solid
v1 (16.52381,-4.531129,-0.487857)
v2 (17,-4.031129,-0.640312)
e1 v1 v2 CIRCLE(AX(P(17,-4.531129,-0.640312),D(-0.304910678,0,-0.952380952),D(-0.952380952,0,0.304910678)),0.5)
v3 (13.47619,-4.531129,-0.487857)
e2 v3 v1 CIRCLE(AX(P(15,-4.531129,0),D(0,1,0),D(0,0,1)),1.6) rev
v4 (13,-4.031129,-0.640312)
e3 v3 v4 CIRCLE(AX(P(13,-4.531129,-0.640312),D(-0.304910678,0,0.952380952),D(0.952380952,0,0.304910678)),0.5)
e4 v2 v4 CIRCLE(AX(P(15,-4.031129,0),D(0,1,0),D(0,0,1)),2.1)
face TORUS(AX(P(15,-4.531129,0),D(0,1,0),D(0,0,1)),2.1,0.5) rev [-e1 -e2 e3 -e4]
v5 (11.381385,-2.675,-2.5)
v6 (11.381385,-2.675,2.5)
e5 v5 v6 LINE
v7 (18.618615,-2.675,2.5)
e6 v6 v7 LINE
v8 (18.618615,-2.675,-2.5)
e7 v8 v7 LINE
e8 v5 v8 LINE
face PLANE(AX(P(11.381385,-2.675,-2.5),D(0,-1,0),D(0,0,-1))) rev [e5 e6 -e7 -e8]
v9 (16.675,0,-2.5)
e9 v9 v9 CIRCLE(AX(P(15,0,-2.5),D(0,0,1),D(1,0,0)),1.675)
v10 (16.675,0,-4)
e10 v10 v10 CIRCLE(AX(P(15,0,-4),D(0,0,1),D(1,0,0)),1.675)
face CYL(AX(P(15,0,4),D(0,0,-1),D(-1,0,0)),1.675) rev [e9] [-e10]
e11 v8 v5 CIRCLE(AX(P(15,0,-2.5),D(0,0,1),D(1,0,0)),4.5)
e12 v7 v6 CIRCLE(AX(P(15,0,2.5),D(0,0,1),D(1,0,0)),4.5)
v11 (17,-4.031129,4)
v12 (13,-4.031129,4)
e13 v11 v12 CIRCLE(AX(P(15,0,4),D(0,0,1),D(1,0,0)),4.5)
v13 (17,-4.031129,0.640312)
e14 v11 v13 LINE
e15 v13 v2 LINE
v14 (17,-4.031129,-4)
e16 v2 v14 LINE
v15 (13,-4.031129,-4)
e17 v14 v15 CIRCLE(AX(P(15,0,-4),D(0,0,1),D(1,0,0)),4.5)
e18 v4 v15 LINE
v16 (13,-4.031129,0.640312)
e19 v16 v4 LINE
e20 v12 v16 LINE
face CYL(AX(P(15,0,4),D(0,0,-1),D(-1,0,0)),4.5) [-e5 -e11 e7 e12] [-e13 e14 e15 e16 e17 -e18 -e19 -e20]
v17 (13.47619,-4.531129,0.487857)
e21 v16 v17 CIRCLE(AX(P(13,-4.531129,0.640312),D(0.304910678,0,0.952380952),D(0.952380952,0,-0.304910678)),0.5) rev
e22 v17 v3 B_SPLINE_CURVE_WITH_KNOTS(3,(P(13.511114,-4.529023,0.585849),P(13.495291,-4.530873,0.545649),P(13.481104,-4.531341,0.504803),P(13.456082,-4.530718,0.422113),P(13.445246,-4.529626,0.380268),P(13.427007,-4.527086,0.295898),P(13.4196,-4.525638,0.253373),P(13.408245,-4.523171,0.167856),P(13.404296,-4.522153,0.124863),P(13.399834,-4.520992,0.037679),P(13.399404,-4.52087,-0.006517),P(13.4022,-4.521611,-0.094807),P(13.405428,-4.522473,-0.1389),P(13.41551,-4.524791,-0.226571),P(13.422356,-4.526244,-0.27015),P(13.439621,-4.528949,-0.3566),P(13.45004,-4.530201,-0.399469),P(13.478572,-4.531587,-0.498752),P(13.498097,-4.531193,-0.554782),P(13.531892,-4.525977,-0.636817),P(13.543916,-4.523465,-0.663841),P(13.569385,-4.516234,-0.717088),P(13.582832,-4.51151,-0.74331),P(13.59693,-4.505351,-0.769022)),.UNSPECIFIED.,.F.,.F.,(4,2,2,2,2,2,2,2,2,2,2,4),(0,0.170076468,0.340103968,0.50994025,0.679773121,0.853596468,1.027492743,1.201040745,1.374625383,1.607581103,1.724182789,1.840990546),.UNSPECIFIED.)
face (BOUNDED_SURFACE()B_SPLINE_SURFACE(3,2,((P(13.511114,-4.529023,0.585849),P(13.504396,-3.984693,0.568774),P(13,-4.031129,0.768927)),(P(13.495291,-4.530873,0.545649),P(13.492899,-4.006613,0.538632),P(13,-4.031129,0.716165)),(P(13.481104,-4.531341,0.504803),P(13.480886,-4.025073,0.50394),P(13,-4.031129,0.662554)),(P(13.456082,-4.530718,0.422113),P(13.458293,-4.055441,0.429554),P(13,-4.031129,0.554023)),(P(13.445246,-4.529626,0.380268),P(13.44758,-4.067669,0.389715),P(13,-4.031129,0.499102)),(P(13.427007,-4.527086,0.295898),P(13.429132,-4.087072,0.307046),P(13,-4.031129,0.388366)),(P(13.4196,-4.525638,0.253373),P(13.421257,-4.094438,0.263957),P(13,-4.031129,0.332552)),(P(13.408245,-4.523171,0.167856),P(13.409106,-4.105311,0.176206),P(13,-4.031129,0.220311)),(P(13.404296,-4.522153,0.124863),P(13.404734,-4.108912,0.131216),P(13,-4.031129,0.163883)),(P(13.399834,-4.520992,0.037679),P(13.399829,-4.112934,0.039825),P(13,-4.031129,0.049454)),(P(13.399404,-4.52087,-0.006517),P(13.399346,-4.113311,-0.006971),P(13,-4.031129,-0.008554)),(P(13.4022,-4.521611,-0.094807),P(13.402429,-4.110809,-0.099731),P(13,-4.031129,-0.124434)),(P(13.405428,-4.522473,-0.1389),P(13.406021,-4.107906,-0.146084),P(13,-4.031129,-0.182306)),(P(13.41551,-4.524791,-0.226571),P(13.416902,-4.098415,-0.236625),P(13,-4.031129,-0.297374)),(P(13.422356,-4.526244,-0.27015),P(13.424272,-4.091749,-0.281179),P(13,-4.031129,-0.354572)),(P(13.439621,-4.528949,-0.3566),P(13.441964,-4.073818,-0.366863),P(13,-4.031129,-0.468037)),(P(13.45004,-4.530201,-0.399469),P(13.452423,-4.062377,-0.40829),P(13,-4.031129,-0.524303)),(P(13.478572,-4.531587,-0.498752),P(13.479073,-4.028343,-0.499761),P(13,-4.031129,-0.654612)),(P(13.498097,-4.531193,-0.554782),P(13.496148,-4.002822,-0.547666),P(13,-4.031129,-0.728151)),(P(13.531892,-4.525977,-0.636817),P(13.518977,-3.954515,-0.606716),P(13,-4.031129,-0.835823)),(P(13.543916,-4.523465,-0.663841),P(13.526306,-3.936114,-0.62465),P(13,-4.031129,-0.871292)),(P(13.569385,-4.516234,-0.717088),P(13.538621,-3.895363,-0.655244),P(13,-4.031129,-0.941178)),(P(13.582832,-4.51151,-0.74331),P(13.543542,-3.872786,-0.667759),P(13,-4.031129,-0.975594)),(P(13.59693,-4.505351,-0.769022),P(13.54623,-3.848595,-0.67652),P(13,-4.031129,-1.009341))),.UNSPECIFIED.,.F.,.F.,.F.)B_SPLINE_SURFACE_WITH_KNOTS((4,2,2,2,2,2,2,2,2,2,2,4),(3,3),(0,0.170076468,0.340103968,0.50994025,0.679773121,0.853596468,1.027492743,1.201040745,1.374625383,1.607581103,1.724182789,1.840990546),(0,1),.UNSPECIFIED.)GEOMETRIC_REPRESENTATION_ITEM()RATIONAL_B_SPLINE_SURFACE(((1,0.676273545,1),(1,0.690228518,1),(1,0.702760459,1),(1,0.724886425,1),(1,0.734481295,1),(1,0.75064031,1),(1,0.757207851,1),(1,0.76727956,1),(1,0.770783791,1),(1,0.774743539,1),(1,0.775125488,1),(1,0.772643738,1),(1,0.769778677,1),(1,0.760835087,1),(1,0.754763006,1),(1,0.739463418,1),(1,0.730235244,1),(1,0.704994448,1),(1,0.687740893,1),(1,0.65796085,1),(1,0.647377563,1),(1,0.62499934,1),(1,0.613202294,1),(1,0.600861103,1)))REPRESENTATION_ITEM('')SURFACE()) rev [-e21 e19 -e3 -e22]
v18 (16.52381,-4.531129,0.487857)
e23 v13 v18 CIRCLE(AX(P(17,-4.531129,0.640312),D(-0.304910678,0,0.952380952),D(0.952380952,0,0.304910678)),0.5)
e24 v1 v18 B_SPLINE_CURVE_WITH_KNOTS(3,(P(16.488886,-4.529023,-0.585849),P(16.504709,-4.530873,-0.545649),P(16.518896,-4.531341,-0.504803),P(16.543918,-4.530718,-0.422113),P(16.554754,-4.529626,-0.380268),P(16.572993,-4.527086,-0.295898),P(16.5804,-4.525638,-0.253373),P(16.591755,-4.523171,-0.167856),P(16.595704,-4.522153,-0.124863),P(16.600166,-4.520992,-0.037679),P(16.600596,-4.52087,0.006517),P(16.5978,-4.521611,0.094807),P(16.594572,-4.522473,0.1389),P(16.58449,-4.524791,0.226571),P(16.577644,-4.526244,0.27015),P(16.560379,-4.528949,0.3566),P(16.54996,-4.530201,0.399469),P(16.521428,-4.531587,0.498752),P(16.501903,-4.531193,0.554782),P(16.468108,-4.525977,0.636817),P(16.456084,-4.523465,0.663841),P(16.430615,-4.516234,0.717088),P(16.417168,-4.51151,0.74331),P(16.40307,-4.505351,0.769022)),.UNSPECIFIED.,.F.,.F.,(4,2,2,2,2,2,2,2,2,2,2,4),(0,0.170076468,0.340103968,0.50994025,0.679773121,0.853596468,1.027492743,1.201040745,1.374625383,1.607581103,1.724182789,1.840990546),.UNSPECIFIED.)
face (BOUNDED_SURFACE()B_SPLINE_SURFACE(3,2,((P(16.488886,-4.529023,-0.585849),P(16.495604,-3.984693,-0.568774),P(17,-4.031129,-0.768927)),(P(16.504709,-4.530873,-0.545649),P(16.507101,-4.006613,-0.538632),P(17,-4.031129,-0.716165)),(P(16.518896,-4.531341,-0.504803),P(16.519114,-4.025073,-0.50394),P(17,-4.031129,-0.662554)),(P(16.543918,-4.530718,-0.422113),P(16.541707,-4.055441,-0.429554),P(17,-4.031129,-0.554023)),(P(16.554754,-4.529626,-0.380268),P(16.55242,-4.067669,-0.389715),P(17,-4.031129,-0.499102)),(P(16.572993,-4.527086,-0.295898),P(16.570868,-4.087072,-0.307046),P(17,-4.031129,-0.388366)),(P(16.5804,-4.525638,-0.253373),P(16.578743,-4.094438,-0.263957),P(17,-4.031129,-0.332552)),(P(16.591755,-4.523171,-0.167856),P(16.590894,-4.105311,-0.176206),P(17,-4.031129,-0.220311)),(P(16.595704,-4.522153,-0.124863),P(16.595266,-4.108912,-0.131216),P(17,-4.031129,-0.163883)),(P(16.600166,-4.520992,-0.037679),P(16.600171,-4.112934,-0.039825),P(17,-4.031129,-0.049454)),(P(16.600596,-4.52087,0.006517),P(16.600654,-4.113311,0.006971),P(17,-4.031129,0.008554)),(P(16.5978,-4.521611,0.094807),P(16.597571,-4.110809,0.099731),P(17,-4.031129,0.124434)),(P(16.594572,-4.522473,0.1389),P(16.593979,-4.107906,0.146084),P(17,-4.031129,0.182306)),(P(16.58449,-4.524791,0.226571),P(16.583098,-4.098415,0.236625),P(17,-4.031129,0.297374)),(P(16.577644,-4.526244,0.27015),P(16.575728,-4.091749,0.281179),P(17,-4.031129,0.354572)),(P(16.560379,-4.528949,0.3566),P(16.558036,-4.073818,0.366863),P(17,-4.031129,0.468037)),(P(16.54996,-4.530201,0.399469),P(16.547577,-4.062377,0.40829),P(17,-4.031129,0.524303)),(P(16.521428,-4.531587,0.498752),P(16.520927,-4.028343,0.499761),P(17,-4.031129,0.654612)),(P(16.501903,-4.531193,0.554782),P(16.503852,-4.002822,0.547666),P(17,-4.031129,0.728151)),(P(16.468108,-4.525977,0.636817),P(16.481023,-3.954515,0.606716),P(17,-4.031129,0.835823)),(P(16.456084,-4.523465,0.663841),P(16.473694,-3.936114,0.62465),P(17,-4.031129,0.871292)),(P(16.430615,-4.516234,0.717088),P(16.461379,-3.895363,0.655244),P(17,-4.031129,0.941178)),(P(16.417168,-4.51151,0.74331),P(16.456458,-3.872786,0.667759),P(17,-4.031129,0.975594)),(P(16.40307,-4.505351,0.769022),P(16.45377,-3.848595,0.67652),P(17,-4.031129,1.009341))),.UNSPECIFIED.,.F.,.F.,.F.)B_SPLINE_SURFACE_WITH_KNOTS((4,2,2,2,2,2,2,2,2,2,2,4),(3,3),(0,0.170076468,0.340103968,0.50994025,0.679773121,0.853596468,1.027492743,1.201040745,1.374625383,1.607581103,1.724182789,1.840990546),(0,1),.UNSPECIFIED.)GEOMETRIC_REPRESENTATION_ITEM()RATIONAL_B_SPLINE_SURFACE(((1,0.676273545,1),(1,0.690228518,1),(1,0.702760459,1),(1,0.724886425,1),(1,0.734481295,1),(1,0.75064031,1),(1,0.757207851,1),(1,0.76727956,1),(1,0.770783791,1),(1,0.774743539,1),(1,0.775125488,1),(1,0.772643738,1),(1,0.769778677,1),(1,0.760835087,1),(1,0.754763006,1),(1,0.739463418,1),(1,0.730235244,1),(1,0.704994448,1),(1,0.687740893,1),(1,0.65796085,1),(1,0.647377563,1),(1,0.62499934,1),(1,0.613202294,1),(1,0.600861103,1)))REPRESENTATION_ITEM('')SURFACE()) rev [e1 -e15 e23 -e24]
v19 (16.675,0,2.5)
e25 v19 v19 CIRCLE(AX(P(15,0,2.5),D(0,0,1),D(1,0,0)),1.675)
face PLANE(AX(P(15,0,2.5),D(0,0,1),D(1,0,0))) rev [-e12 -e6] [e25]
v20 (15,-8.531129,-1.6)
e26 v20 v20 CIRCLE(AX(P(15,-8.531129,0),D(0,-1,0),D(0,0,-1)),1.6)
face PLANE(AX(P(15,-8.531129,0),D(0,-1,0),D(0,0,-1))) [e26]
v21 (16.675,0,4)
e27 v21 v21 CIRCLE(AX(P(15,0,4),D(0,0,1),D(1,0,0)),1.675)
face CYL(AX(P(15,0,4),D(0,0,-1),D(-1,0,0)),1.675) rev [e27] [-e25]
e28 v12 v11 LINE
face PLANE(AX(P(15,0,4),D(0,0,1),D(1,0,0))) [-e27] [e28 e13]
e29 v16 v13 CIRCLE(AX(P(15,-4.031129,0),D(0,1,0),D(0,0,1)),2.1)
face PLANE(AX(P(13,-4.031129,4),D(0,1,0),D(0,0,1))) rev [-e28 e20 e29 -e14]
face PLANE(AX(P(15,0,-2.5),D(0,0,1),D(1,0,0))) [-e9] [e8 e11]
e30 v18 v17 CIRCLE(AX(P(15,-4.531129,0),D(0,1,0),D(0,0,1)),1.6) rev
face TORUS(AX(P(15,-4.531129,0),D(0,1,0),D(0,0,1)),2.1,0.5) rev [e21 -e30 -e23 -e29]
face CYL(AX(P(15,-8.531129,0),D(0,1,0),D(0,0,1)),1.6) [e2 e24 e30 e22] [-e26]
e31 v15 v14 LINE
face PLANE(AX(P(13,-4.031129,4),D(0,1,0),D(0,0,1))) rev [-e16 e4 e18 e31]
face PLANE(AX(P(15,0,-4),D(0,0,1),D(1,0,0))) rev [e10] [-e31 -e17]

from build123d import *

# Parameters (mm, degrees)
SKETCH1_R           = 1.675
BOSS_EXTRUDE1_DEPTH = 4
CUT_EXTRUDE1_DEPTH  = 2.5
SKETCH3_R           = 1.6
BOSS_EXTRUDE2_DEPTH = 4.5
FILLET1_R           = 0.5


with BuildPart() as part:
    # Sketch1 → Boss-Extrude1 (new body, symmetric)
    with BuildSketch(Plane.XY):
        with BuildLine():
            Line((13, -4.031128874), (17, -4.031128874))
            ThreePointArc((17, -4.031128874), (15, 4.5), (13, -4.031128874))
        make_face()
        with Locations((15, 0)):
            Circle(SKETCH1_R, mode=Mode.SUBTRACT)
    extrude(amount=BOSS_EXTRUDE1_DEPTH, both=True)

    # Sketch2 → Cut-Extrude1 (cut, symmetric)
    with BuildSketch(Plane.XY):
        with BuildLine():
            Line((11.381384933, -2.675), (18.618615067, -2.675))
            ThreePointArc((18.618615067, -2.675), (15, 4.5), (11.381384933, -2.675))
        make_face()
    extrude(amount=CUT_EXTRUDE1_DEPTH, both=True, mode=Mode.SUBTRACT)

    # Sketch3 → Boss-Extrude2 (add)
    with BuildSketch(Plane.XZ.offset(4.031128874)):
        with Locations((15, 0)):
            Circle(SKETCH3_R)
    extrude(amount=BOSS_EXTRUDE2_DEPTH)

    # Fillet1
    fillet1_edges = [part.edges().sort_by_distance(p)[0] for p in [
        (13.4, -4.031128874, 0),
    ]]
    fillet(fillet1_edges, radius=FILLET1_R)


solid = part.part
